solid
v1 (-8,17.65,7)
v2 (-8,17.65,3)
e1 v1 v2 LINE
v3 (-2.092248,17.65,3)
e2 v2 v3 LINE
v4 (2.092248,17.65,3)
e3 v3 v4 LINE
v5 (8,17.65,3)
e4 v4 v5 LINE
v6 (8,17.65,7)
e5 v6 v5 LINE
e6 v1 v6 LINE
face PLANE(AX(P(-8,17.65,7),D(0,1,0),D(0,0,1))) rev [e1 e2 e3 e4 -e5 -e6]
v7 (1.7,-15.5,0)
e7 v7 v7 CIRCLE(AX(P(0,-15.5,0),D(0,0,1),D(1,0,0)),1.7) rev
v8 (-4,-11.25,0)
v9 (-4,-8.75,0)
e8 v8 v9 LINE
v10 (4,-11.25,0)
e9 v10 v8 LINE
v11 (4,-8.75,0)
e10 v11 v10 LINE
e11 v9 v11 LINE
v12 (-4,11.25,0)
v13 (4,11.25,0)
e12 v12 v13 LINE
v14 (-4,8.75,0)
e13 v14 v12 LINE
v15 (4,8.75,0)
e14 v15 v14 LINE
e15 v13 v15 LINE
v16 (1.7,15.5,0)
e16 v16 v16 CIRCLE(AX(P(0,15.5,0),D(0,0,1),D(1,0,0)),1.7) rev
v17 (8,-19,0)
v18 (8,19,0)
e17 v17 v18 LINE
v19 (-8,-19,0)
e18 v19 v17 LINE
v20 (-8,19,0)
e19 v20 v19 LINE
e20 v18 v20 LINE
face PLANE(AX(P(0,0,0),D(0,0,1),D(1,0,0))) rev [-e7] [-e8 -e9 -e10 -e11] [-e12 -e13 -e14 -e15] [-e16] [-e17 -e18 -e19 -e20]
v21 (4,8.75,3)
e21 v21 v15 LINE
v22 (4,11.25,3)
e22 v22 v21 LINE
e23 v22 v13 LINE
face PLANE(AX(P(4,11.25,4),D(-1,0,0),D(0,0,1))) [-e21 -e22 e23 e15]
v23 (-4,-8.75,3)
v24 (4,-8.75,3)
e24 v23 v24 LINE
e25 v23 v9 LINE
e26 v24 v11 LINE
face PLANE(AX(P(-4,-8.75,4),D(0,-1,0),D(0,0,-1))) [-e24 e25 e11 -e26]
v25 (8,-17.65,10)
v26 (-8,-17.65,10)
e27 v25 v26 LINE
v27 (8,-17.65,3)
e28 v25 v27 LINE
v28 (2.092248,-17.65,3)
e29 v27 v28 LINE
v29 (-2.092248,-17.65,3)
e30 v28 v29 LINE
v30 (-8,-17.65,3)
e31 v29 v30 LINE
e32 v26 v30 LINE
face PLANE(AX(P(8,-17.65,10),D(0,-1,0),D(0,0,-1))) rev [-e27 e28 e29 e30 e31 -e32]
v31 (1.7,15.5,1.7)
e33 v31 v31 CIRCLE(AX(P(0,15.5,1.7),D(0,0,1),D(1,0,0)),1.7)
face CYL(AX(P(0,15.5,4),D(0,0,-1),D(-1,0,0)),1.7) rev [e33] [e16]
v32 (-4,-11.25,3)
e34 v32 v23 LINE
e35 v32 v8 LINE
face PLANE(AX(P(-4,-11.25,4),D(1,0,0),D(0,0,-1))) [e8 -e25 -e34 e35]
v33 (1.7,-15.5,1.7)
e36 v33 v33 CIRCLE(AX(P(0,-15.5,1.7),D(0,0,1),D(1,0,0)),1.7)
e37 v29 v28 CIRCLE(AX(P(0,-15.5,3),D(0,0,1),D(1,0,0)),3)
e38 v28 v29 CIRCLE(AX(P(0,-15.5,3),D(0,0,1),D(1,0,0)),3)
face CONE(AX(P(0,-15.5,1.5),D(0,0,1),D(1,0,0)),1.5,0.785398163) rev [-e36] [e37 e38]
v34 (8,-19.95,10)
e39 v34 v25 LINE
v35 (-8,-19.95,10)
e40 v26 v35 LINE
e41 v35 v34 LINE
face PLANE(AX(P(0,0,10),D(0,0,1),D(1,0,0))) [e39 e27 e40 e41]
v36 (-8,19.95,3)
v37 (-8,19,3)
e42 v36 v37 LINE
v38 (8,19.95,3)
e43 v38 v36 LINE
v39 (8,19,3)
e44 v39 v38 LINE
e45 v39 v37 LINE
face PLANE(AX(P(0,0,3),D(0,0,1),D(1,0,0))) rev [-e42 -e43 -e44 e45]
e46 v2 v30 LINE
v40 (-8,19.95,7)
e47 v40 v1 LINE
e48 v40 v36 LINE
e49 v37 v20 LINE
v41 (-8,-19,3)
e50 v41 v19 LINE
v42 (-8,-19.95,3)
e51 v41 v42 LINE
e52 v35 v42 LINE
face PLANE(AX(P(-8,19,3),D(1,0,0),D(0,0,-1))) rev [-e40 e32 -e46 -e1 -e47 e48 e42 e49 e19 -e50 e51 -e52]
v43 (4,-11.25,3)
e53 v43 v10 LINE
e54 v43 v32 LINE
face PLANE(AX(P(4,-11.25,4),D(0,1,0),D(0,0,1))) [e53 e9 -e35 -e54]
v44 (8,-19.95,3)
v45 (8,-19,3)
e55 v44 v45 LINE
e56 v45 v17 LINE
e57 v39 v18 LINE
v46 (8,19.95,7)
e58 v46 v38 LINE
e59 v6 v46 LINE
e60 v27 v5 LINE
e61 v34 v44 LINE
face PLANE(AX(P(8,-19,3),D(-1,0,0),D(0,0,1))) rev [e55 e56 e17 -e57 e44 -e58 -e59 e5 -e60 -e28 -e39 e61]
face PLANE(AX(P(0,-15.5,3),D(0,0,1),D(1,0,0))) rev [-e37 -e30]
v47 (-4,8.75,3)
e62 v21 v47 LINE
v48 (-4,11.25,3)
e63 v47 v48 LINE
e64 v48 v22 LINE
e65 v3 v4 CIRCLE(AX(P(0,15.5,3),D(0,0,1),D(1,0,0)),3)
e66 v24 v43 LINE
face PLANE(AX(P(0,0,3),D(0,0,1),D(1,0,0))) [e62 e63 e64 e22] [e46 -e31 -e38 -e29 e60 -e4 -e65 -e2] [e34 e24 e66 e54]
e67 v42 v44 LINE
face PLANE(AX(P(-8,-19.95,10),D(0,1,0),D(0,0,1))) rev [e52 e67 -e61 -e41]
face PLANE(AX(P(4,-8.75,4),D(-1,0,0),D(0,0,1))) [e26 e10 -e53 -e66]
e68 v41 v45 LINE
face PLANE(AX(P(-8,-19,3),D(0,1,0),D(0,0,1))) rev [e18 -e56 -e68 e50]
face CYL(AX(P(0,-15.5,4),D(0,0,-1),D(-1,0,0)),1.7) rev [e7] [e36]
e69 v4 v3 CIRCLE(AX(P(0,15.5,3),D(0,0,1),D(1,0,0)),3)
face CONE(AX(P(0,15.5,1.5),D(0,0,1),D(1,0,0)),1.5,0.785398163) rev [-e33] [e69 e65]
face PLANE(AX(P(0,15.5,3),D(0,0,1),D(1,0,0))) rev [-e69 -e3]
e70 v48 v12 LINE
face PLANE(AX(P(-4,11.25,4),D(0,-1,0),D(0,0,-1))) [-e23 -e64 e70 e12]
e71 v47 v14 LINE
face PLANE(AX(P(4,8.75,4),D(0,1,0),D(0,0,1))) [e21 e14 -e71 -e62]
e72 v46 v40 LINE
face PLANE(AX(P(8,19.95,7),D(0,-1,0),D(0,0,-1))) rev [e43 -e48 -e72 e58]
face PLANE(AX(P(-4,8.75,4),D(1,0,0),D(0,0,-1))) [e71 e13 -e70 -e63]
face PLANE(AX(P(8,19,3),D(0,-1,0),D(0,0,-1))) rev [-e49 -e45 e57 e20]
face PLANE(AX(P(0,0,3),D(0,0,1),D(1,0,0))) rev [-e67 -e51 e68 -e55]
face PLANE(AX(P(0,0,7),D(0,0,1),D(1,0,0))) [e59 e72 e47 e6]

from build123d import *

# Parameters (mm, degrees)
SKETCH_CAMERA_SEAT_W     = 16
SKETCH_CAMERA_SEAT_H     = 38
CAMERA_SEAT_DEPTH        = 3
FRONT_LIP_START          = 3
SKETCH_FRONT_LIP_W       = 16
SKETCH_FRONT_LIP_H       = 2.3
FRONT_LIP_DEPTH          = 7
REAR_LIP_START           = 3
SKETCH_REAR_LIP_W        = 16
SKETCH_REAR_LIP_H        = 2.3
REAR_LIP_DEPTH           = 4
STRAP_SLOTS_START        = -1
SKETCH_STRAP_SLOTS_W     = 8
SKETCH_STRAP_SLOTS_H     = 2.5
STRAP_SLOTS_DEPTH        = 5
M3_THROUGH_START         = -1
SKETCH_M3_THROUGH_R      = 1.7
M3_THROUGH_DEPTH         = 5
FLAT_HEAD_90DEG_START    = 1.5
SKETCH_FLAT_HEAD_90DEG_R = 1.5
FLAT_HEAD_90DEG_DEPTH    = 1.5
FLAT_HEAD_90DEG_TAPER    = -45


with BuildPart() as part:
    # Sketch_Camera_seat → Camera_seat (new body)
    with BuildSketch(Plane.XY):
        Rectangle(SKETCH_CAMERA_SEAT_W, SKETCH_CAMERA_SEAT_H)
    extrude(amount=CAMERA_SEAT_DEPTH)

    # Sketch_Front_lip → Front_lip (add)
    with BuildSketch(Plane.XY.offset(FRONT_LIP_START)):
        with Locations((0, -18.8)):
            Rectangle(SKETCH_FRONT_LIP_W, SKETCH_FRONT_LIP_H)
    extrude(amount=FRONT_LIP_DEPTH)

    # Sketch_Rear_lip → Rear_lip (add)
    with BuildSketch(Plane.XY.offset(REAR_LIP_START)):
        with Locations((0, 18.8)):
            Rectangle(SKETCH_REAR_LIP_W, SKETCH_REAR_LIP_H)
    extrude(amount=REAR_LIP_DEPTH)

    # Sketch_Strap_slots → Strap_slots (cut)
    with BuildSketch(Plane.XY.offset(STRAP_SLOTS_START)):
        with Locations((0, -10)):
            Rectangle(SKETCH_STRAP_SLOTS_W, SKETCH_STRAP_SLOTS_H)
        with Locations((0, 10)):
            Rectangle(SKETCH_STRAP_SLOTS_W, SKETCH_STRAP_SLOTS_H)
    extrude(amount=STRAP_SLOTS_DEPTH, mode=Mode.SUBTRACT)

    # Sketch_M3_through → M3_through (cut)
    with BuildSketch(Plane.XY.offset(M3_THROUGH_START)):
        with Locations((0, -15.5)):
            Circle(SKETCH_M3_THROUGH_R)
        with Locations((0, 15.5)):
            Circle(SKETCH_M3_THROUGH_R)
    extrude(amount=M3_THROUGH_DEPTH, mode=Mode.SUBTRACT)

    # Sketch_Flat_head_90deg → Flat_head_90deg (cut)
    with BuildSketch(Plane.XY.offset(FLAT_HEAD_90DEG_START)):
        with Locations((0, -15.5)):
            Circle(SKETCH_FLAT_HEAD_90DEG_R)
        with Locations((0, 15.5)):
            Circle(SKETCH_FLAT_HEAD_90DEG_R)
    extrude(amount=FLAT_HEAD_90DEG_DEPTH, taper=FLAT_HEAD_90DEG_TAPER, mode=Mode.SUBTRACT)


solid = part.part
